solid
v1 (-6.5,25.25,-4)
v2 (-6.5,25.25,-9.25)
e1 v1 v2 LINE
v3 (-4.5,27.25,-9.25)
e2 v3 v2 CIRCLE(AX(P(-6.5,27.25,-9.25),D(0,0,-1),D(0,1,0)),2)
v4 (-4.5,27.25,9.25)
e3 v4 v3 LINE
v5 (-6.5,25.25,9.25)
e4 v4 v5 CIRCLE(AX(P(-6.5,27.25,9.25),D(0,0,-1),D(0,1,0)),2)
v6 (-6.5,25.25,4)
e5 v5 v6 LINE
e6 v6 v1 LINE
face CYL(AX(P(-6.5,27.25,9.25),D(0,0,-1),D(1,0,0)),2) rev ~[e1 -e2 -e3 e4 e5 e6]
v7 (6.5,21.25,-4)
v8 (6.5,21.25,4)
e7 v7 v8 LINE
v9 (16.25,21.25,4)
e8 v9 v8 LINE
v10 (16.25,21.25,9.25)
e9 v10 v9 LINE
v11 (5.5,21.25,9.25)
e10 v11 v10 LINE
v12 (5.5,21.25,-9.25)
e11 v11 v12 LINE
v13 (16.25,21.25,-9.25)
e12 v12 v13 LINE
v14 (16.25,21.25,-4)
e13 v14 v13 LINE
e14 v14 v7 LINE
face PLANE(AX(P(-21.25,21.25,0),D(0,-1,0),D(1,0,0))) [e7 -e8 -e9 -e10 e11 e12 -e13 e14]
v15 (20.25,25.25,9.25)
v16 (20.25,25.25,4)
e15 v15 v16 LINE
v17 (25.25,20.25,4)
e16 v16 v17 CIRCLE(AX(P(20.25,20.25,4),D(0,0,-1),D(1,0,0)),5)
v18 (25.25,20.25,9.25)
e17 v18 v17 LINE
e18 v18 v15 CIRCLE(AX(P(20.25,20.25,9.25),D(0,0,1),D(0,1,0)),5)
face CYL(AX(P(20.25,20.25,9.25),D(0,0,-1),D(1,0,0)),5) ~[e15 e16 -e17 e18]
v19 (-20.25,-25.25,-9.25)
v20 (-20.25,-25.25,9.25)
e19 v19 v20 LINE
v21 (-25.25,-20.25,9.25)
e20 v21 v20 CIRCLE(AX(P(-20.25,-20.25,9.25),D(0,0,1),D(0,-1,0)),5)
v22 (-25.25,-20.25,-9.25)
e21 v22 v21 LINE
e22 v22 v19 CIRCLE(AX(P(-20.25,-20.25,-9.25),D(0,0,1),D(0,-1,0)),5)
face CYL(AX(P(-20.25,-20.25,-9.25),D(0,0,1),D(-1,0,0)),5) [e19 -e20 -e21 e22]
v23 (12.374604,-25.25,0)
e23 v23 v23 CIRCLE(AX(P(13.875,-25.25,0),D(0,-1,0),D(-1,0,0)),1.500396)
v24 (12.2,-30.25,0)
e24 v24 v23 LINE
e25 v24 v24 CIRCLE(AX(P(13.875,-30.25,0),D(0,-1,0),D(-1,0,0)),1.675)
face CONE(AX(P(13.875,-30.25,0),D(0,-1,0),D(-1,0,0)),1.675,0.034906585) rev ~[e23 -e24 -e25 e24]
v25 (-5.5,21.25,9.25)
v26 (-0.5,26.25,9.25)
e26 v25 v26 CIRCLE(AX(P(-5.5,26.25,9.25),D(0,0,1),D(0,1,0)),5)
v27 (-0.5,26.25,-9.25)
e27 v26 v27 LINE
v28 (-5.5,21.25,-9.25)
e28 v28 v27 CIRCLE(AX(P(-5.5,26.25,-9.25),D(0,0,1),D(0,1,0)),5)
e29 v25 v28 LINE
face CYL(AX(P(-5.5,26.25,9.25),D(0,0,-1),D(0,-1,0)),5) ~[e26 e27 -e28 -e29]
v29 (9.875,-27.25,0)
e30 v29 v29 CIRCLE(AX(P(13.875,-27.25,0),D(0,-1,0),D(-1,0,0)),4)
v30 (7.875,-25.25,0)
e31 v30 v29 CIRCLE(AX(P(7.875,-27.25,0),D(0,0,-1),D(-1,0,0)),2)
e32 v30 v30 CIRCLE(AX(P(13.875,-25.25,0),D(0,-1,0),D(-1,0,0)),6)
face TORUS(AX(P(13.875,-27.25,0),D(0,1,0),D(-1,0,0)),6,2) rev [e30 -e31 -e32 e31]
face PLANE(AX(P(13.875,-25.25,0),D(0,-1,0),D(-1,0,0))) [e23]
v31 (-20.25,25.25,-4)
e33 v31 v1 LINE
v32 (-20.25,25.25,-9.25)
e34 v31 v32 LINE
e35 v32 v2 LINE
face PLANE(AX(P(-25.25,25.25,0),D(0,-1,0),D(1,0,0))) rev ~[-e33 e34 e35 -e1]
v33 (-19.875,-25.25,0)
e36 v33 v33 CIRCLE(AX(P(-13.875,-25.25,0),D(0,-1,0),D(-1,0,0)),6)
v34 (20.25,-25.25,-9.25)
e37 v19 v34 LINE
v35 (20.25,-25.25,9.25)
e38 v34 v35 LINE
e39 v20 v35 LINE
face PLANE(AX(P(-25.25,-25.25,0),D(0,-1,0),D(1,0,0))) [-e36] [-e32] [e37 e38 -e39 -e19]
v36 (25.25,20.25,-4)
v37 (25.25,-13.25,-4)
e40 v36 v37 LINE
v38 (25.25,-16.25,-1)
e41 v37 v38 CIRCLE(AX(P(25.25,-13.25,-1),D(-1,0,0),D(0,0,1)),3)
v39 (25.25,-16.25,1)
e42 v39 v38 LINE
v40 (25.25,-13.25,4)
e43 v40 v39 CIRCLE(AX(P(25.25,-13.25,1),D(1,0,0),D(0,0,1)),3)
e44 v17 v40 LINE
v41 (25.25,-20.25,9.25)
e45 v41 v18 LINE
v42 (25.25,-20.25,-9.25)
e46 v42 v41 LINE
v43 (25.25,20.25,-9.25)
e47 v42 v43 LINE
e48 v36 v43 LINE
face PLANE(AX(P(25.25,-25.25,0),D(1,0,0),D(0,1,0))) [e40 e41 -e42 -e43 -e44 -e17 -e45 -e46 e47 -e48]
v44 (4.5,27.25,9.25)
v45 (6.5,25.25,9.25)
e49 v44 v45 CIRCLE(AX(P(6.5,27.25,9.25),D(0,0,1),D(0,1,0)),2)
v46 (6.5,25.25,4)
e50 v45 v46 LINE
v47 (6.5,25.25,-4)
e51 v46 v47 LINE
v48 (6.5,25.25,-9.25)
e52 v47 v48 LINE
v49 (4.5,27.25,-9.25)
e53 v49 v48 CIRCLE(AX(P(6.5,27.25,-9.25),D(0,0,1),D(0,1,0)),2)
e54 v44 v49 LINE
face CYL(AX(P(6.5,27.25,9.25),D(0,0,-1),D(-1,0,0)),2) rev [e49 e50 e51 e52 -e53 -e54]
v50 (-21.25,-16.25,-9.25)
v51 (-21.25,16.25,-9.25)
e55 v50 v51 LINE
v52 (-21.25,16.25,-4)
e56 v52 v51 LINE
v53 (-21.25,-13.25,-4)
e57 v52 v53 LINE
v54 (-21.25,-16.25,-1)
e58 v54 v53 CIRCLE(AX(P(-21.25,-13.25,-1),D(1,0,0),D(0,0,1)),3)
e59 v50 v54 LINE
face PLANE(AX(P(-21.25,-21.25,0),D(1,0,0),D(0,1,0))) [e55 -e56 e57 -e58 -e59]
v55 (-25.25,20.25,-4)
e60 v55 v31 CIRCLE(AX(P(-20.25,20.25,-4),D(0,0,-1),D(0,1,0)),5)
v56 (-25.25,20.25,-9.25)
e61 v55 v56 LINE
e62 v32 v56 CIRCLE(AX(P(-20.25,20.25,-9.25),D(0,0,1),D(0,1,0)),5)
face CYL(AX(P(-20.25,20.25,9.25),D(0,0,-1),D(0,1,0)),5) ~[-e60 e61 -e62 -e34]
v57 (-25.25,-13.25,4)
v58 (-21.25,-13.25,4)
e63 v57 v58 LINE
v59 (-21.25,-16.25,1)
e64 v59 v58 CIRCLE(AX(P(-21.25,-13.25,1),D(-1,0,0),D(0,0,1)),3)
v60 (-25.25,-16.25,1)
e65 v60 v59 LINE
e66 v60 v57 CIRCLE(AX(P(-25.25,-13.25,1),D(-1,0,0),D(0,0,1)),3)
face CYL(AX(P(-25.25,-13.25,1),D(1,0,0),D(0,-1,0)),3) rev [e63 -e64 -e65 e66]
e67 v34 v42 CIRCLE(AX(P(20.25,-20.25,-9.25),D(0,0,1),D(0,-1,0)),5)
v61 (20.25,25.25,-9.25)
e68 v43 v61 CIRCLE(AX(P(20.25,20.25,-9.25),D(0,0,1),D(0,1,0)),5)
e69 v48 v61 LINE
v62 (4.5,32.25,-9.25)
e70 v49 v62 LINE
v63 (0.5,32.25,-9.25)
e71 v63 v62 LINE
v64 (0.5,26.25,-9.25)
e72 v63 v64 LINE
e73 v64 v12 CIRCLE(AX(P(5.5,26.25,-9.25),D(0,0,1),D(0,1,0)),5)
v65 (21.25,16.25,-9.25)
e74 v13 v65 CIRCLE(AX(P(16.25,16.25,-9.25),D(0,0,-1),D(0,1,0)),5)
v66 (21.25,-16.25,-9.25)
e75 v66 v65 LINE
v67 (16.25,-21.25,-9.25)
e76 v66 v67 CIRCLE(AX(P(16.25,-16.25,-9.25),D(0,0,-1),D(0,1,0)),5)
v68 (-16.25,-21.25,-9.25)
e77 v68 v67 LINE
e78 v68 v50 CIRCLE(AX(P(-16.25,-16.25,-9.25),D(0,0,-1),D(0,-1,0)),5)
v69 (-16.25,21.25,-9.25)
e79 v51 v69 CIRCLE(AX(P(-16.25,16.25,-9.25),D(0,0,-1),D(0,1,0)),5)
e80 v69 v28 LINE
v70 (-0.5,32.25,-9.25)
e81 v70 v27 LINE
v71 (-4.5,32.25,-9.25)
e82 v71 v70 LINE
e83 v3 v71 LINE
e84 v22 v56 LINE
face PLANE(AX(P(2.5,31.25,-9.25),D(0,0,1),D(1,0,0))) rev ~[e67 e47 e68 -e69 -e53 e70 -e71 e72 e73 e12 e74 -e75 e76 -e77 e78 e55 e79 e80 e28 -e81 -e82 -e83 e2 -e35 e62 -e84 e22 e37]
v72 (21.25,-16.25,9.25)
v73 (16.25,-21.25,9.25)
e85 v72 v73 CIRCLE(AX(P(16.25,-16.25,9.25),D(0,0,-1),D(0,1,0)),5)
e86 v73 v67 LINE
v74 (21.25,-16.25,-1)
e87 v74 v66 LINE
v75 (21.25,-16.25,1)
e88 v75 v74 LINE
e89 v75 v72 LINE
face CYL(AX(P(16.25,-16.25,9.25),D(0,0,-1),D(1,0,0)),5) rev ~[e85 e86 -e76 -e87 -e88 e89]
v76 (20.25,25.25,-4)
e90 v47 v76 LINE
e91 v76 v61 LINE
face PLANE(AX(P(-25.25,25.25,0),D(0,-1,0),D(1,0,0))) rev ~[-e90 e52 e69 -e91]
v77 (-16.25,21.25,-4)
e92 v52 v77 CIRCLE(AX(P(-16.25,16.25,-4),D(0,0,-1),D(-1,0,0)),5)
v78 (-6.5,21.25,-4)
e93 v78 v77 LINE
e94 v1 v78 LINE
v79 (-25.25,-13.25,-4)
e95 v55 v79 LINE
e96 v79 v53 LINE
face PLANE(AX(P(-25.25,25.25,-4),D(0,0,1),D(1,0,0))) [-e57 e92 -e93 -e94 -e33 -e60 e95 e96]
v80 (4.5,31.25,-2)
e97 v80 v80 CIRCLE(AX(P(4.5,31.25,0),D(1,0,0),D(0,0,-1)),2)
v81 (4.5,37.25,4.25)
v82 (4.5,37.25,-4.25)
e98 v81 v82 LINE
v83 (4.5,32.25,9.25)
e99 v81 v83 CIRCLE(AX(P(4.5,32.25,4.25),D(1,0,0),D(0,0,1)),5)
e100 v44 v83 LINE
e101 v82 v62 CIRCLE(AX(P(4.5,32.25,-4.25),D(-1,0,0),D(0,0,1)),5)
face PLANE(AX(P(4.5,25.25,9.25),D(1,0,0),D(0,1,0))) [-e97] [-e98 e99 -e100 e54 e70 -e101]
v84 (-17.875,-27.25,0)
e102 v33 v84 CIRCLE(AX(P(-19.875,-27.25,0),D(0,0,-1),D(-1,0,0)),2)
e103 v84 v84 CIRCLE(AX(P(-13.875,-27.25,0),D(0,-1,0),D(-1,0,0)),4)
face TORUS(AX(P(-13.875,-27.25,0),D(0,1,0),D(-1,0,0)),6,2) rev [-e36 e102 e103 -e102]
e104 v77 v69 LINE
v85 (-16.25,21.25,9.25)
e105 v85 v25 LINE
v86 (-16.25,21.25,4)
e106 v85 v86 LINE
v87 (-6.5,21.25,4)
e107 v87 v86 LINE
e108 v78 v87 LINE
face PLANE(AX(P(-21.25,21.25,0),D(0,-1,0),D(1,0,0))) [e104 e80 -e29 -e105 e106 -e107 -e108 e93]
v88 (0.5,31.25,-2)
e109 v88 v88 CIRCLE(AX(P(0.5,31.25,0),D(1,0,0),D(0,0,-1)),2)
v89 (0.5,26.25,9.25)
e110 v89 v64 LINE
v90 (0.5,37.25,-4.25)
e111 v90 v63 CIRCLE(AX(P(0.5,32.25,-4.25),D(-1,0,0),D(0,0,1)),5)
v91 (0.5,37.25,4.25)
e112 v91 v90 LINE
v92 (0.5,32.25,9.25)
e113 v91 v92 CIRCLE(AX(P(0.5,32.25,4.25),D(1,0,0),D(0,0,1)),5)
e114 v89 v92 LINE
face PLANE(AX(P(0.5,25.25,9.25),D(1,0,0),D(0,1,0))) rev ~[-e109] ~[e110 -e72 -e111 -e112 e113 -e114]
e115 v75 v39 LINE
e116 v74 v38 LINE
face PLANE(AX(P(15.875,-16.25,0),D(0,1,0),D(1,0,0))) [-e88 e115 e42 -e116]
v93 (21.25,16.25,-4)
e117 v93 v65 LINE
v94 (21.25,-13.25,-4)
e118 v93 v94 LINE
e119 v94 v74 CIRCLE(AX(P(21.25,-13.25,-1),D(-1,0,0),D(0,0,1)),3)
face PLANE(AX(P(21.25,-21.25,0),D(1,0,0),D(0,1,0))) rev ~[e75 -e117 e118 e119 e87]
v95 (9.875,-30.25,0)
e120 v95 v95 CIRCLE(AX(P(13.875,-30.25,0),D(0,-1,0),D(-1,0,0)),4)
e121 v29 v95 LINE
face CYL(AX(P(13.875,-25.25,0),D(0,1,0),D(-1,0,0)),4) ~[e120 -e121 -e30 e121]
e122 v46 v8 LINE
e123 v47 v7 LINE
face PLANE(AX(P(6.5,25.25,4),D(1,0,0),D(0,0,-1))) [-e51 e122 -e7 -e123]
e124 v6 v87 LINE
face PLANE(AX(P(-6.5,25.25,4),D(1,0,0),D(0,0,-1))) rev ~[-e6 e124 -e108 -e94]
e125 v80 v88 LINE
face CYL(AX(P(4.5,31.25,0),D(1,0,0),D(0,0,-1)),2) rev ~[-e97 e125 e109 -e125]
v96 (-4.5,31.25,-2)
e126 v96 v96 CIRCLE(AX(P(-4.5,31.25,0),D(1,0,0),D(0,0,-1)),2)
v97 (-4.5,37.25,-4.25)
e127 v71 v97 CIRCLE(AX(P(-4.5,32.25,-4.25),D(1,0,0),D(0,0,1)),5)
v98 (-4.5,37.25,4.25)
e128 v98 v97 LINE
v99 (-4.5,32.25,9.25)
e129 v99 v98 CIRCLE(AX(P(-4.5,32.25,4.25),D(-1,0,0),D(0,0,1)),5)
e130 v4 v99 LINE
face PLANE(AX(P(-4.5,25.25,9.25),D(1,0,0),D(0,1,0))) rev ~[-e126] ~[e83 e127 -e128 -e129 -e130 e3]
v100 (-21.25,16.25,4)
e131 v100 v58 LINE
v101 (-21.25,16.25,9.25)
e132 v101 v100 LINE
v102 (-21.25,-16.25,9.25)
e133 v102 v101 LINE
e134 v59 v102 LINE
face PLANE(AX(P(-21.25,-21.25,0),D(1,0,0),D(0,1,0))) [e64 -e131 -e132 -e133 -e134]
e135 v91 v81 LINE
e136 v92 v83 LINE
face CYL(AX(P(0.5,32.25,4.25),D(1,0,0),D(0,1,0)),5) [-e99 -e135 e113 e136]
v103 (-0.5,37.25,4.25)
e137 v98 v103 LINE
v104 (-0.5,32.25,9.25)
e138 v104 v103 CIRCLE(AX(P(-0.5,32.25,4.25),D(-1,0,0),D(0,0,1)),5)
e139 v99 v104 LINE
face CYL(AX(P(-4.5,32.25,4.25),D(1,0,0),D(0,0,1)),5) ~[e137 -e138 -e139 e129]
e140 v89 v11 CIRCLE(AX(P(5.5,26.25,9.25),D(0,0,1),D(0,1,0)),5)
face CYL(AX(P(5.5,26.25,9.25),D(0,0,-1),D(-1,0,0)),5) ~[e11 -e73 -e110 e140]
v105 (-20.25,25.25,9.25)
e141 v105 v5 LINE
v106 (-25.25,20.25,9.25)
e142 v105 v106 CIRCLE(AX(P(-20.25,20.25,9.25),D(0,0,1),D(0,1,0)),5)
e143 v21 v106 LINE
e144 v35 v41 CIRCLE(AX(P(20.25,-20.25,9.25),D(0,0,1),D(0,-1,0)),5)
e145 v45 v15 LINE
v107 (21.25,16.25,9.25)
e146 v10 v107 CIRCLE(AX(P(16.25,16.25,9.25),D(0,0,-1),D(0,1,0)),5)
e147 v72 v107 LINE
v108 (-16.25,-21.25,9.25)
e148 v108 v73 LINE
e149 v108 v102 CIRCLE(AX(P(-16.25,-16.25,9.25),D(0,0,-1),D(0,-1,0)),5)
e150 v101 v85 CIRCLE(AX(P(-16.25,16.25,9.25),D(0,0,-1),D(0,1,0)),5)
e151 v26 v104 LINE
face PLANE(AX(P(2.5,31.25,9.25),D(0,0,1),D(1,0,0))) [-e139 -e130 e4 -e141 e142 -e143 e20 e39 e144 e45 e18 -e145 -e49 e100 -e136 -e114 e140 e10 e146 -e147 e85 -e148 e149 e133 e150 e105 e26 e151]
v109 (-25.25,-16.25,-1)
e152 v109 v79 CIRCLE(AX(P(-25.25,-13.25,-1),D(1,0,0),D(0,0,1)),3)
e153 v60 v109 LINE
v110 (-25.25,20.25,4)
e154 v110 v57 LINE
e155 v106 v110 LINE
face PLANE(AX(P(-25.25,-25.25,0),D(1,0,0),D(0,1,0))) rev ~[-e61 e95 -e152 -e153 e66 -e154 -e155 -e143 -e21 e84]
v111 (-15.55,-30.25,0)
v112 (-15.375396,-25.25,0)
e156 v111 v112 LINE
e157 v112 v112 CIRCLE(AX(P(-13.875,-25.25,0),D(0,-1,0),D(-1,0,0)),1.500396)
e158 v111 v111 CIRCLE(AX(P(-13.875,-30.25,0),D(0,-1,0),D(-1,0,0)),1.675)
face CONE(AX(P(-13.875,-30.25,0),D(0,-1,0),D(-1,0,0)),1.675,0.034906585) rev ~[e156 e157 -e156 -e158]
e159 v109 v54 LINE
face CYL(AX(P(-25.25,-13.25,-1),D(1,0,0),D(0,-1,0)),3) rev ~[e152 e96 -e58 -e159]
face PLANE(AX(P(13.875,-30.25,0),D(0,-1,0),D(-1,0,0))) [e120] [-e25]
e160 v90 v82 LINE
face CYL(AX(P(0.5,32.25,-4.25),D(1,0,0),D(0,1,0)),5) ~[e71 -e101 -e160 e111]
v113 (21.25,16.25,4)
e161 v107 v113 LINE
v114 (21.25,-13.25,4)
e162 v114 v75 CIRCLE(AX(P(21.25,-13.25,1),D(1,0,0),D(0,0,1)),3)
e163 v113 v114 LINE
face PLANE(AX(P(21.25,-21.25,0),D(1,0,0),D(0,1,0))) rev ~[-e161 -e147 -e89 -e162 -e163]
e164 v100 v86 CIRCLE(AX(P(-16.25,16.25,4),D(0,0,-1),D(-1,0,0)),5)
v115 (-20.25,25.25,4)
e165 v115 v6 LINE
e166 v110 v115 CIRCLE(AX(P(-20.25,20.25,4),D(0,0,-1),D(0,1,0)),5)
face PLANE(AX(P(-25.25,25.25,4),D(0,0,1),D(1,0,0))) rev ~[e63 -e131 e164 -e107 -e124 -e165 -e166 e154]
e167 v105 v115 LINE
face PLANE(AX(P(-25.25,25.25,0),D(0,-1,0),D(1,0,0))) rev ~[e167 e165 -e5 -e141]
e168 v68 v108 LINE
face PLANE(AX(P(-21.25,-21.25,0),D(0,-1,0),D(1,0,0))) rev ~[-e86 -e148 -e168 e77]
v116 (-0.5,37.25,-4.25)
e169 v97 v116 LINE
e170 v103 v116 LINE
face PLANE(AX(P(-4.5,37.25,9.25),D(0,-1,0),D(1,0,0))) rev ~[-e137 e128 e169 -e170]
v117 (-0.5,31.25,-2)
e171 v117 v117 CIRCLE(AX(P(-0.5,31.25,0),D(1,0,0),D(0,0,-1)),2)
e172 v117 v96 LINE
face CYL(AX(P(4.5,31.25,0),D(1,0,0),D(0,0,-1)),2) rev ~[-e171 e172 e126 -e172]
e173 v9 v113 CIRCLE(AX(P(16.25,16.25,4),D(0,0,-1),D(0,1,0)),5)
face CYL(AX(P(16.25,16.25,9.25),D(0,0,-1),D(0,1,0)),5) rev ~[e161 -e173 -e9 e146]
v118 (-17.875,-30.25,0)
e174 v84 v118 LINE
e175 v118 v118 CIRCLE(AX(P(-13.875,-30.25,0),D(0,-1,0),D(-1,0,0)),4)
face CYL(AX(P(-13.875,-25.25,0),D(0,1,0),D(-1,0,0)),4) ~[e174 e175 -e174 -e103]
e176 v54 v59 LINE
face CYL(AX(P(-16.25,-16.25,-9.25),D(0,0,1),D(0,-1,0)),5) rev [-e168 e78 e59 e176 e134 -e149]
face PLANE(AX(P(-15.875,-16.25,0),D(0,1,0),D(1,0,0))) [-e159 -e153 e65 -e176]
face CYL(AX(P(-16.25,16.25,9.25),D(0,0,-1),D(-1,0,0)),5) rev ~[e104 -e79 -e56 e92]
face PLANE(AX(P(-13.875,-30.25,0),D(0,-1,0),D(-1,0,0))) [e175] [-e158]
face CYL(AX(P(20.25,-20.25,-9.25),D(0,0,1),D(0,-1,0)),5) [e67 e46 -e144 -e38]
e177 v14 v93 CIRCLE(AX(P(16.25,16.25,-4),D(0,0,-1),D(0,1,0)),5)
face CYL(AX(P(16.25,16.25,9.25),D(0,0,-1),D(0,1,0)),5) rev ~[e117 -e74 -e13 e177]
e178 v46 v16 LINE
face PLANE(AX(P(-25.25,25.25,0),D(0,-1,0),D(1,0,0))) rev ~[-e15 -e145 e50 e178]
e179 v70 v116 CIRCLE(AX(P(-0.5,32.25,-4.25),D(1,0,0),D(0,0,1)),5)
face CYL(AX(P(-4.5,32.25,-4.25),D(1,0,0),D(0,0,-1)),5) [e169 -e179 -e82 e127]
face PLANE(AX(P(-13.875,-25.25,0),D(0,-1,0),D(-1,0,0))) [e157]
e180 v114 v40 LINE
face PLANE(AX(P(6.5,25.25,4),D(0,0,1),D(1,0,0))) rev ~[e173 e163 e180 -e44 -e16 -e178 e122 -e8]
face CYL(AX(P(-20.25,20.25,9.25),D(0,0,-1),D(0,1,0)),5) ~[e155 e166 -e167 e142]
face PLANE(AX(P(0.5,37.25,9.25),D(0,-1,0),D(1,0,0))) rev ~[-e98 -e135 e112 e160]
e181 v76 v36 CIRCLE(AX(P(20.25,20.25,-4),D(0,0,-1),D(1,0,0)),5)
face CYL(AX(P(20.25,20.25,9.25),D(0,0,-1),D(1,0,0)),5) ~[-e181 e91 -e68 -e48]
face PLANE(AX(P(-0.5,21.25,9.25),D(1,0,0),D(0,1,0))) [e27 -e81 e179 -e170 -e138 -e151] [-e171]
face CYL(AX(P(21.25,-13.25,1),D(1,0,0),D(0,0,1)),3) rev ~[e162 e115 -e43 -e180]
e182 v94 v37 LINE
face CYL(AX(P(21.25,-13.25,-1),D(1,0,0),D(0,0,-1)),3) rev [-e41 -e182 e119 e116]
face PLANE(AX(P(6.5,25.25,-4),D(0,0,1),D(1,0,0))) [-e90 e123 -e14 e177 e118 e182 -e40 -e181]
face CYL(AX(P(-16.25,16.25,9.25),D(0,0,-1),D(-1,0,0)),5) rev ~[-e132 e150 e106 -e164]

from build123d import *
from OCP.BRepFilletAPI import BRepFilletAPI_MakeFillet

# Parameters (mm, degrees)
SKETCH1_W                    = 50.5
SKETCH1_H                    = 50.5
SKETCH1_W_2                  = 42.5
SKETCH1_H_2                  = 42.5
BOSS_EXTRUDE1_DEPTH          = 9.25
SKETCH2_W                    = 1
SKETCH2_H                    = 4
CUT_EXTRUDE1_DEPTH           = 41.21660105
SKETCH3_W                    = 4
SKETCH3_H                    = 12
BOSS_EXTRUDE2_DEPTH          = 18.5
SKETCH4_R                    = 2
CUT_EXTRUDE2_DEPTH           = 49.561172762
FILLET1_R1                   = 5
FILLET1_R2                   = 2
SKETCH5_W                    = 18.75
SKETCH5_H                    = 8
CUT_EXTRUDE3_DEPTH           = 41.5
FILLET2_R                    = 3
SKETCH6_R                    = 4
BOSS_EXTRUDE3_DEPTH          = 5
SKETCH7_R                    = 1.675
CUT_EXTRUDE4_DEPTH           = 5
CUT_EXTRUDE4_DRAFT           = -2
CUT_EXTRUDE4_PROFILE_2_DEPTH = 5
CUT_EXTRUDE4_PROFILE_2_DRAFT = -2
FILLET3_R                    = 2


with BuildPart() as part:
    # Sketch1 → Boss-Extrude1 (new, symmetric)
    with BuildSketch(Plane.XY):
        Rectangle(SKETCH1_W, SKETCH1_H)
        Rectangle(SKETCH1_W_2, SKETCH1_H_2, mode=Mode.SUBTRACT)
    extrude(amount=BOSS_EXTRUDE1_DEPTH, both=True)

    # Sketch2 → Cut-Extrude1 (cut, through all)
    with BuildSketch(Plane.XY.offset(9.25)):
        with Locations((0, 23.25)):
            Rectangle(SKETCH2_W, SKETCH2_H)
    extrude(amount=-CUT_EXTRUDE1_DEPTH, mode=Mode.SUBTRACT)

    # Sketch3 → Boss-Extrude2 (add)
    with BuildSketch(Plane.XY.offset(9.25)):
        with Locations((2.5, 31.25)):
            Rectangle(SKETCH3_W, SKETCH3_H)
        with Locations((-2.5, 31.25)):
            Rectangle(SKETCH3_W, SKETCH3_H)
    extrude(amount=-BOSS_EXTRUDE2_DEPTH)

    # Sketch4 → Cut-Extrude2 (cut, through all)
    with BuildSketch(Plane(origin=(4.5, 0, 0), x_dir=(0, 0, -1), z_dir=(1, 0, 0))):
        with Locations((0, 31.25)):
            Circle(SKETCH4_R)
    extrude(amount=-CUT_EXTRUDE2_DEPTH, mode=Mode.SUBTRACT)

    # Fillet1: one fillet with a radius per group of edges: ONE call of the kernel's fillet builder (fillet() takes one radius for all edges)
    fillet1_edges_1 = [part.edges().sort_by_distance(p)[0] for p in [
        (-21.25, 21.25, 0),
        (-21.25, -21.25, 0),
        (21.25, -21.25, 0),
        (21.25, 21.25, 0),
        (-0.5, 21.25, 0),
        (0.5, 21.25, 0),
        (2.5, 37.25, 9.25),
        (2.5, 37.25, -9.25),
        (-2.5, 37.25, 9.25),
        (-2.5, 37.25, -9.25),
        (25.25, -25.25, 0),
        (-25.25, -25.25, 0),
        (-25.25, 25.25, 0),
        (25.25, 25.25, 0),
    ]]
    fillet1_edges_2 = [part.edges().sort_by_distance(p)[0] for p in [
        (4.5, 25.25, 0),
        (-4.5, 25.25, 0),
    ]]
    fillet1 = BRepFilletAPI_MakeFillet(part.part.solid().wrapped)
    for e in fillet1_edges_1:
        fillet1.Add(FILLET1_R1, e.wrapped)
    for e in fillet1_edges_2:
        fillet1.Add(FILLET1_R2, e.wrapped)
    add(Compound.cast(fillet1.Shape()), mode=Mode.REPLACE)

    # Sketch5 → Cut-Extrude3 (cut)
    with BuildSketch(Plane(origin=(0, 25.25, 0), x_dir=(1, 0, 0), z_dir=(0, 1, 0))):
        with Locations((-15.875, 0)):
            Rectangle(SKETCH5_W, SKETCH5_H)
        with Locations((15.875, 0)):
            Rectangle(SKETCH5_W, SKETCH5_H)
    extrude(amount=-CUT_EXTRUDE3_DEPTH, mode=Mode.SUBTRACT)

    # Fillet2
    fillet2_edges = [part.edges().sort_by_distance(p)[0] for p in [
        (-23.25, -16.25, 4),
        (-23.25, -16.25, -4),
        (23.25, -16.25, -4),
        (23.25, -16.25, 4),
    ]]
    fillet(fillet2_edges, radius=FILLET2_R)

    # Sketch6 → Boss-Extrude3 (add)
    with BuildSketch(Plane(origin=(0, -25.25, 0), x_dir=(-1, 0, 0), z_dir=(0, -1, 0))):
        with Locations((-13.875, 0)):
            Circle(SKETCH6_R)
        with Locations((13.875, 0)):
            Circle(SKETCH6_R)
    extrude(amount=BOSS_EXTRUDE3_DEPTH)


with BuildPart() as cut_extrude4_tool:
    # Sketch7 → Cut-Extrude4 (with draft: the straight prism first)
    with BuildSketch(Plane(origin=(0, -30.25, 0), x_dir=(-1, 0, 0), z_dir=(0, -1, 0))):
        with Locations((-13.875, 0)):
            Circle(SKETCH7_R)
    extrude(amount=-CUT_EXTRUDE4_DEPTH)
    # Cut-Extrude4: the draft: its side faces are tilted about the plane it starts from
    cut_extrude4_sides = [cut_extrude4_tool.faces().sort_by_distance(p)[0] for p in [
        (15.55, -27.75, 0),
    ]]
    draft(cut_extrude4_sides, Plane(origin=(0, -30.25, 0), x_dir=(-1, 0, 0), z_dir=(0, -1, 0)), CUT_EXTRUDE4_DRAFT)


with BuildPart() as part_1:
    add(part.part)

    # Cut-Extrude4: cut by cut_extrude4_tool
    add(cut_extrude4_tool.part, mode=Mode.SUBTRACT)


with BuildPart() as cut_extrude4_profile_2_tool:
    # Sketch7 → Cut-Extrude4 profile 2 (with draft: the straight prism first)
    with BuildSketch(Plane(origin=(0, -30.25, 0), x_dir=(-1, 0, 0), z_dir=(0, -1, 0))):
        with Locations((13.875, 0)):
            Circle(SKETCH7_R)
    extrude(amount=-CUT_EXTRUDE4_PROFILE_2_DEPTH)
    # Cut-Extrude4 profile 2: the draft: its side faces are tilted about the plane it starts from
    cut_extrude4_profile_2_sides = [cut_extrude4_profile_2_tool.faces().sort_by_distance(p)[0] for p in [
        (-12.2, -27.75, 0),
    ]]
    draft(cut_extrude4_profile_2_sides, Plane(origin=(0, -30.25, 0), x_dir=(-1, 0, 0), z_dir=(0, -1, 0)), CUT_EXTRUDE4_PROFILE_2_DRAFT)


with BuildPart() as part_2:
    add(part_1.part)

    # Cut-Extrude4 profile 2: cut by cut_extrude4_profile_2_tool
    add(cut_extrude4_profile_2_tool.part, mode=Mode.SUBTRACT)

    # Fillet3
    fillet3_edges = [part_2.edges().sort_by_distance(p)[0] for p in [
        (17.875, -25.25, 0),
        (-9.875, -25.25, 0),
    ]]
    fillet(fillet3_edges, radius=FILLET3_R)


solid = part_2.part
